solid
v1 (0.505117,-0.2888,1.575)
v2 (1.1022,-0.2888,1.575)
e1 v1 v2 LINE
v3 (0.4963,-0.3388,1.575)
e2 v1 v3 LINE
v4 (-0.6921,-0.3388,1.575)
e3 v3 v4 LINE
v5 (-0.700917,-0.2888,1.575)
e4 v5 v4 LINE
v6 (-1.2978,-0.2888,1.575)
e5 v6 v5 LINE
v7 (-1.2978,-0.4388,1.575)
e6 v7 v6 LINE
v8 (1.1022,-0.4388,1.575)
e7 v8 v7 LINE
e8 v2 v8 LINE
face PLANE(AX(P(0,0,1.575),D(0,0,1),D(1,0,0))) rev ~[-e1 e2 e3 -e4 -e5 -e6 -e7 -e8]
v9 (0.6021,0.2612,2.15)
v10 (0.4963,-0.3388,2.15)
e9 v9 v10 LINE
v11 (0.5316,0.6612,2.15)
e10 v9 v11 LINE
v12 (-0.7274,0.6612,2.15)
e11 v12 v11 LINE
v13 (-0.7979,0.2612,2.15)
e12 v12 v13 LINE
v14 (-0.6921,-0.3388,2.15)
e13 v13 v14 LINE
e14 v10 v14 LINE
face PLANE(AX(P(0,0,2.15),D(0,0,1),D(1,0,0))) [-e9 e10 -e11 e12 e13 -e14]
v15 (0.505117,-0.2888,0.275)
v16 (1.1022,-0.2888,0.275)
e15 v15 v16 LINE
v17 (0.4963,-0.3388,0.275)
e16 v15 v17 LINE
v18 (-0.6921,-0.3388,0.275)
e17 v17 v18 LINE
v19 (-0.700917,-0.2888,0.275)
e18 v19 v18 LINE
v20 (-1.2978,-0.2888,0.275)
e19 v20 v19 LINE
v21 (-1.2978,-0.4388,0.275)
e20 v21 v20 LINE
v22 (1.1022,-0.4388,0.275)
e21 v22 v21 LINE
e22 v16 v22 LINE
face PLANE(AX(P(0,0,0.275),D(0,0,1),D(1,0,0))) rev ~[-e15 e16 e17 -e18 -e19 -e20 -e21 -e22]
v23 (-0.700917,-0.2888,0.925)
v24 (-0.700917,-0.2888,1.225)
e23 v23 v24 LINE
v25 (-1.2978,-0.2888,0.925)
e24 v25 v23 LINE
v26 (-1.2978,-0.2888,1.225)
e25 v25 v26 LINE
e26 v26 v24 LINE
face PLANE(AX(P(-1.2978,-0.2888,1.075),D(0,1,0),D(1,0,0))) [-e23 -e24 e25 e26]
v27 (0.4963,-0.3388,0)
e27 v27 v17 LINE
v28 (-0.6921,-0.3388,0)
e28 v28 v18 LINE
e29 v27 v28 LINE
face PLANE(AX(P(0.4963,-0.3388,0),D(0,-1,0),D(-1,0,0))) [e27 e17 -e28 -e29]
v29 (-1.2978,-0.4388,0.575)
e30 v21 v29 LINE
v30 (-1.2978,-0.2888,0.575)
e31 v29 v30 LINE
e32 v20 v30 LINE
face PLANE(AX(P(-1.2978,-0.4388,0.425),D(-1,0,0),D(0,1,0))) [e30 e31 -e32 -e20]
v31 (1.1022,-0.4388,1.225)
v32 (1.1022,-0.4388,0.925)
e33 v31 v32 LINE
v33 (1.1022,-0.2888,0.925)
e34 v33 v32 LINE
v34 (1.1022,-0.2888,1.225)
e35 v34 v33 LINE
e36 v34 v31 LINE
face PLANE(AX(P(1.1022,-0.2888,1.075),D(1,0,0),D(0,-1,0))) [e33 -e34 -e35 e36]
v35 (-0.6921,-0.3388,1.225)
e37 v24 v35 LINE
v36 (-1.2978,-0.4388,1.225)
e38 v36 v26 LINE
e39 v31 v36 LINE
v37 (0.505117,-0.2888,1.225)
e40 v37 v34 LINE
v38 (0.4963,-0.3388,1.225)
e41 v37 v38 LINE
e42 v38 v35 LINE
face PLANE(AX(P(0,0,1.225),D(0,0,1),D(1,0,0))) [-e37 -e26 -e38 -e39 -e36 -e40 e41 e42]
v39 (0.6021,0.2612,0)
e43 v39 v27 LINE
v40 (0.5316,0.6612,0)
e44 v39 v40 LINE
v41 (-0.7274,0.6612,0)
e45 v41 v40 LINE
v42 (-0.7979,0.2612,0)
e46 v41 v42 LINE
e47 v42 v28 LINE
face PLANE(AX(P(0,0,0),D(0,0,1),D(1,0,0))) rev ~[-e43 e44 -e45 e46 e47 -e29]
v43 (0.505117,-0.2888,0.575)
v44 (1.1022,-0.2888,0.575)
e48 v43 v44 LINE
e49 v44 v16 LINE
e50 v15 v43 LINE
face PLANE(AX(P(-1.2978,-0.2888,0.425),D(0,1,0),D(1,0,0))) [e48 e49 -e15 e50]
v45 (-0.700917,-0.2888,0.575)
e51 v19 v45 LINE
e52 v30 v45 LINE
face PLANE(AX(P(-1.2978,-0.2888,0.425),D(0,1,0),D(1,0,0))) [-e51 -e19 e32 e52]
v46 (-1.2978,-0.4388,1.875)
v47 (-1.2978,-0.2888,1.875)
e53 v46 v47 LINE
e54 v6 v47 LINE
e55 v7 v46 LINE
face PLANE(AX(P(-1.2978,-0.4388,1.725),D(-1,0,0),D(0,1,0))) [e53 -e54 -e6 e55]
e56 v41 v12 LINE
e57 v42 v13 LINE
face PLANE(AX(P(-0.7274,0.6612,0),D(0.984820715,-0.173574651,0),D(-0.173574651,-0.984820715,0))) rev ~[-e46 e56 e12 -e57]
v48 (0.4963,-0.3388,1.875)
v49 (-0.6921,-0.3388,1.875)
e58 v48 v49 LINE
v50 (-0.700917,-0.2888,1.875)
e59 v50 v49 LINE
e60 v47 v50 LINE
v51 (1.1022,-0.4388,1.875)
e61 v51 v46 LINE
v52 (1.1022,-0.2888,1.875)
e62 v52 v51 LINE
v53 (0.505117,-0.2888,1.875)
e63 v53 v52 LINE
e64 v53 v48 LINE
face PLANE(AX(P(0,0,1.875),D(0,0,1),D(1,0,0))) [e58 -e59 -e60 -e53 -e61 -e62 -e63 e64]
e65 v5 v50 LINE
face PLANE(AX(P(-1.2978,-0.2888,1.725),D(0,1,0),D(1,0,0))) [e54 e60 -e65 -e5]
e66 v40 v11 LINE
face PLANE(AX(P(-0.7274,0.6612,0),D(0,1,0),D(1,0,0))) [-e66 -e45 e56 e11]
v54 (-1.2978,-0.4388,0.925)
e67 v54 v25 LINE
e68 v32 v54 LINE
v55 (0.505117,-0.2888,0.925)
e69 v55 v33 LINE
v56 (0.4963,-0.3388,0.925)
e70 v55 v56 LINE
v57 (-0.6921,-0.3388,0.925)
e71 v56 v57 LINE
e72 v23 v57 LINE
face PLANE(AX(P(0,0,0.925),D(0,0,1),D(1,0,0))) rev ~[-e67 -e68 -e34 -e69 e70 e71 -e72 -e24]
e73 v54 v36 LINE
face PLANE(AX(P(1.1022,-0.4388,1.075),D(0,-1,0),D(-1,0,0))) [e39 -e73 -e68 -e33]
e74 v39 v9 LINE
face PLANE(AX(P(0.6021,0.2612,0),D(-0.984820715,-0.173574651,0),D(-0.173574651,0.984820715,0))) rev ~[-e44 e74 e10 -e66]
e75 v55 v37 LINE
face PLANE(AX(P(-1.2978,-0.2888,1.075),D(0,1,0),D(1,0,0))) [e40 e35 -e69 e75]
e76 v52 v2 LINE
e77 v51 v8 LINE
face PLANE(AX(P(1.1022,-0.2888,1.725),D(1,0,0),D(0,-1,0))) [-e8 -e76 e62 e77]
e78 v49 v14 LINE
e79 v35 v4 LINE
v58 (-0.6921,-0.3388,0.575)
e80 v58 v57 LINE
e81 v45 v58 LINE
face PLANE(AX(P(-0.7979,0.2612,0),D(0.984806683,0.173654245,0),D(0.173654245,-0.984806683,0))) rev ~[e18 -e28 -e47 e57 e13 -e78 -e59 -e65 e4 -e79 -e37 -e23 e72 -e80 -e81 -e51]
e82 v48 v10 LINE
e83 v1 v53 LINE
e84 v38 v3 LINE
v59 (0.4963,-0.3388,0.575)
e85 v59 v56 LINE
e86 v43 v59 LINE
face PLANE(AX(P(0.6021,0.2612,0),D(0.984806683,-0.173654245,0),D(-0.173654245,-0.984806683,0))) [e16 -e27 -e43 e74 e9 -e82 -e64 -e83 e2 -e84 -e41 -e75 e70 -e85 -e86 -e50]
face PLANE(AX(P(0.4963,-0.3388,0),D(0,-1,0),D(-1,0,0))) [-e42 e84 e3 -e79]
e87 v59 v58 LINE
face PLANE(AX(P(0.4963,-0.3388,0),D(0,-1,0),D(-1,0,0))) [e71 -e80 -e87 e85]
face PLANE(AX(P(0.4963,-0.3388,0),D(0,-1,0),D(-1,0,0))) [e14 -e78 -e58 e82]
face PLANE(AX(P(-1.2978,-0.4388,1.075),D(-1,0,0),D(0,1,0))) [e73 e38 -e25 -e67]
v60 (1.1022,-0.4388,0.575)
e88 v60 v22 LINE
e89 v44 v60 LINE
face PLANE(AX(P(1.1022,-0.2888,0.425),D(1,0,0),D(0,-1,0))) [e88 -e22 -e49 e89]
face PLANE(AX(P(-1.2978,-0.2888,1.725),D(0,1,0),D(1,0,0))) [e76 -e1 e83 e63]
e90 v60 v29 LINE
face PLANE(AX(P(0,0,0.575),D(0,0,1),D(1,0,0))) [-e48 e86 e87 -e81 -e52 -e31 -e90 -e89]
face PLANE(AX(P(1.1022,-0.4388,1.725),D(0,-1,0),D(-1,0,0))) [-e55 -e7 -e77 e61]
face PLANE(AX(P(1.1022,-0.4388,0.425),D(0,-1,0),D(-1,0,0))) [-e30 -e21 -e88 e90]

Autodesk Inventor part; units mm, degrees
ref_plane "YZ Plane" through (0, 0, 0) normal (1, 0, 0) x (0, 1, 0)
ref_plane "XZ Plane" through (0, 0, 0) normal (0, 1, 0) x (-1, 0, 0)
sketch "Sketch1" plane through (0, 0, 0) normal (0, 0, 1) x (1, 0, 0)
  line L0 (-0.7979, 0.6612) -> (0.6021, 0.6612)
  line L1 (0.6021, 0.6612) -> (0.6021, -0.3388)
  line L2 (0.6021, -0.3388) -> (-0.7979, -0.3388)
  line L3 (-0.7979, -0.3388) -> (-0.7979, 0.6612)
  line L4 (-0.7979, 0.2612) -> (0.6021, 0.2612)
  line L5 (-0.7274, 0.6612) -> (-0.7979, 0.2612)
  line L6 (-0.7979, 0.2612) -> (-0.6921, -0.3388)
  line L7 (0.6021, 0.2612) -> (0.4963, -0.3388)
  line L8 (0.6021, 0.2612) -> (0.5316, 0.6612)
  point P0 (0, 0)
  dimension "d0" = 1.4
  dimension "d1" = 1
  dimension "d2" = 0.4
  dimension "d3" = 10
  dimension "d4" = 10
  dimension "d5" = 10
extrude "Extrusion1" add sketch "Sketch1" along normal blind 2.15 contours L0 L8 L4 L5 | L4 L7 L2 L6
ref_plane "Work Plane1" through (0, 0, 1.725) normal (0, 0, 1) x (1, 0, 0)
sketch "Sketch2" plane through (0, 0, 1.725) normal (0, 0, 1) x (1, 0, 0)
  line L0 (-1.2978, -0.2888) -> (1.1022, -0.2888)
  line L1 (1.1022, -0.2888) -> (1.1022, -0.4388)
  line L2 (1.1022, -0.4388) -> (-1.2978, -0.4388)
  line L3 (-1.2978, -0.4388) -> (-1.2978, -0.2888)
  line L4 (0.5316, 0.6612) -> (-0.7274, 0.6612) projected
  point P0 (0, 0)
  dimension "d9" = 1.1
  dimension "d10" = 0.15
  dimension "d11" = 2.4
extrude "Extrusion2" add sketch "Sketch2" along normal mid plane 0.3
pattern_linear "Rectangular Pattern1" count 3 spacing 0.65 along (0, 0, -1) of "Extrusion2"
properties part number "DualSchmittTrig"
